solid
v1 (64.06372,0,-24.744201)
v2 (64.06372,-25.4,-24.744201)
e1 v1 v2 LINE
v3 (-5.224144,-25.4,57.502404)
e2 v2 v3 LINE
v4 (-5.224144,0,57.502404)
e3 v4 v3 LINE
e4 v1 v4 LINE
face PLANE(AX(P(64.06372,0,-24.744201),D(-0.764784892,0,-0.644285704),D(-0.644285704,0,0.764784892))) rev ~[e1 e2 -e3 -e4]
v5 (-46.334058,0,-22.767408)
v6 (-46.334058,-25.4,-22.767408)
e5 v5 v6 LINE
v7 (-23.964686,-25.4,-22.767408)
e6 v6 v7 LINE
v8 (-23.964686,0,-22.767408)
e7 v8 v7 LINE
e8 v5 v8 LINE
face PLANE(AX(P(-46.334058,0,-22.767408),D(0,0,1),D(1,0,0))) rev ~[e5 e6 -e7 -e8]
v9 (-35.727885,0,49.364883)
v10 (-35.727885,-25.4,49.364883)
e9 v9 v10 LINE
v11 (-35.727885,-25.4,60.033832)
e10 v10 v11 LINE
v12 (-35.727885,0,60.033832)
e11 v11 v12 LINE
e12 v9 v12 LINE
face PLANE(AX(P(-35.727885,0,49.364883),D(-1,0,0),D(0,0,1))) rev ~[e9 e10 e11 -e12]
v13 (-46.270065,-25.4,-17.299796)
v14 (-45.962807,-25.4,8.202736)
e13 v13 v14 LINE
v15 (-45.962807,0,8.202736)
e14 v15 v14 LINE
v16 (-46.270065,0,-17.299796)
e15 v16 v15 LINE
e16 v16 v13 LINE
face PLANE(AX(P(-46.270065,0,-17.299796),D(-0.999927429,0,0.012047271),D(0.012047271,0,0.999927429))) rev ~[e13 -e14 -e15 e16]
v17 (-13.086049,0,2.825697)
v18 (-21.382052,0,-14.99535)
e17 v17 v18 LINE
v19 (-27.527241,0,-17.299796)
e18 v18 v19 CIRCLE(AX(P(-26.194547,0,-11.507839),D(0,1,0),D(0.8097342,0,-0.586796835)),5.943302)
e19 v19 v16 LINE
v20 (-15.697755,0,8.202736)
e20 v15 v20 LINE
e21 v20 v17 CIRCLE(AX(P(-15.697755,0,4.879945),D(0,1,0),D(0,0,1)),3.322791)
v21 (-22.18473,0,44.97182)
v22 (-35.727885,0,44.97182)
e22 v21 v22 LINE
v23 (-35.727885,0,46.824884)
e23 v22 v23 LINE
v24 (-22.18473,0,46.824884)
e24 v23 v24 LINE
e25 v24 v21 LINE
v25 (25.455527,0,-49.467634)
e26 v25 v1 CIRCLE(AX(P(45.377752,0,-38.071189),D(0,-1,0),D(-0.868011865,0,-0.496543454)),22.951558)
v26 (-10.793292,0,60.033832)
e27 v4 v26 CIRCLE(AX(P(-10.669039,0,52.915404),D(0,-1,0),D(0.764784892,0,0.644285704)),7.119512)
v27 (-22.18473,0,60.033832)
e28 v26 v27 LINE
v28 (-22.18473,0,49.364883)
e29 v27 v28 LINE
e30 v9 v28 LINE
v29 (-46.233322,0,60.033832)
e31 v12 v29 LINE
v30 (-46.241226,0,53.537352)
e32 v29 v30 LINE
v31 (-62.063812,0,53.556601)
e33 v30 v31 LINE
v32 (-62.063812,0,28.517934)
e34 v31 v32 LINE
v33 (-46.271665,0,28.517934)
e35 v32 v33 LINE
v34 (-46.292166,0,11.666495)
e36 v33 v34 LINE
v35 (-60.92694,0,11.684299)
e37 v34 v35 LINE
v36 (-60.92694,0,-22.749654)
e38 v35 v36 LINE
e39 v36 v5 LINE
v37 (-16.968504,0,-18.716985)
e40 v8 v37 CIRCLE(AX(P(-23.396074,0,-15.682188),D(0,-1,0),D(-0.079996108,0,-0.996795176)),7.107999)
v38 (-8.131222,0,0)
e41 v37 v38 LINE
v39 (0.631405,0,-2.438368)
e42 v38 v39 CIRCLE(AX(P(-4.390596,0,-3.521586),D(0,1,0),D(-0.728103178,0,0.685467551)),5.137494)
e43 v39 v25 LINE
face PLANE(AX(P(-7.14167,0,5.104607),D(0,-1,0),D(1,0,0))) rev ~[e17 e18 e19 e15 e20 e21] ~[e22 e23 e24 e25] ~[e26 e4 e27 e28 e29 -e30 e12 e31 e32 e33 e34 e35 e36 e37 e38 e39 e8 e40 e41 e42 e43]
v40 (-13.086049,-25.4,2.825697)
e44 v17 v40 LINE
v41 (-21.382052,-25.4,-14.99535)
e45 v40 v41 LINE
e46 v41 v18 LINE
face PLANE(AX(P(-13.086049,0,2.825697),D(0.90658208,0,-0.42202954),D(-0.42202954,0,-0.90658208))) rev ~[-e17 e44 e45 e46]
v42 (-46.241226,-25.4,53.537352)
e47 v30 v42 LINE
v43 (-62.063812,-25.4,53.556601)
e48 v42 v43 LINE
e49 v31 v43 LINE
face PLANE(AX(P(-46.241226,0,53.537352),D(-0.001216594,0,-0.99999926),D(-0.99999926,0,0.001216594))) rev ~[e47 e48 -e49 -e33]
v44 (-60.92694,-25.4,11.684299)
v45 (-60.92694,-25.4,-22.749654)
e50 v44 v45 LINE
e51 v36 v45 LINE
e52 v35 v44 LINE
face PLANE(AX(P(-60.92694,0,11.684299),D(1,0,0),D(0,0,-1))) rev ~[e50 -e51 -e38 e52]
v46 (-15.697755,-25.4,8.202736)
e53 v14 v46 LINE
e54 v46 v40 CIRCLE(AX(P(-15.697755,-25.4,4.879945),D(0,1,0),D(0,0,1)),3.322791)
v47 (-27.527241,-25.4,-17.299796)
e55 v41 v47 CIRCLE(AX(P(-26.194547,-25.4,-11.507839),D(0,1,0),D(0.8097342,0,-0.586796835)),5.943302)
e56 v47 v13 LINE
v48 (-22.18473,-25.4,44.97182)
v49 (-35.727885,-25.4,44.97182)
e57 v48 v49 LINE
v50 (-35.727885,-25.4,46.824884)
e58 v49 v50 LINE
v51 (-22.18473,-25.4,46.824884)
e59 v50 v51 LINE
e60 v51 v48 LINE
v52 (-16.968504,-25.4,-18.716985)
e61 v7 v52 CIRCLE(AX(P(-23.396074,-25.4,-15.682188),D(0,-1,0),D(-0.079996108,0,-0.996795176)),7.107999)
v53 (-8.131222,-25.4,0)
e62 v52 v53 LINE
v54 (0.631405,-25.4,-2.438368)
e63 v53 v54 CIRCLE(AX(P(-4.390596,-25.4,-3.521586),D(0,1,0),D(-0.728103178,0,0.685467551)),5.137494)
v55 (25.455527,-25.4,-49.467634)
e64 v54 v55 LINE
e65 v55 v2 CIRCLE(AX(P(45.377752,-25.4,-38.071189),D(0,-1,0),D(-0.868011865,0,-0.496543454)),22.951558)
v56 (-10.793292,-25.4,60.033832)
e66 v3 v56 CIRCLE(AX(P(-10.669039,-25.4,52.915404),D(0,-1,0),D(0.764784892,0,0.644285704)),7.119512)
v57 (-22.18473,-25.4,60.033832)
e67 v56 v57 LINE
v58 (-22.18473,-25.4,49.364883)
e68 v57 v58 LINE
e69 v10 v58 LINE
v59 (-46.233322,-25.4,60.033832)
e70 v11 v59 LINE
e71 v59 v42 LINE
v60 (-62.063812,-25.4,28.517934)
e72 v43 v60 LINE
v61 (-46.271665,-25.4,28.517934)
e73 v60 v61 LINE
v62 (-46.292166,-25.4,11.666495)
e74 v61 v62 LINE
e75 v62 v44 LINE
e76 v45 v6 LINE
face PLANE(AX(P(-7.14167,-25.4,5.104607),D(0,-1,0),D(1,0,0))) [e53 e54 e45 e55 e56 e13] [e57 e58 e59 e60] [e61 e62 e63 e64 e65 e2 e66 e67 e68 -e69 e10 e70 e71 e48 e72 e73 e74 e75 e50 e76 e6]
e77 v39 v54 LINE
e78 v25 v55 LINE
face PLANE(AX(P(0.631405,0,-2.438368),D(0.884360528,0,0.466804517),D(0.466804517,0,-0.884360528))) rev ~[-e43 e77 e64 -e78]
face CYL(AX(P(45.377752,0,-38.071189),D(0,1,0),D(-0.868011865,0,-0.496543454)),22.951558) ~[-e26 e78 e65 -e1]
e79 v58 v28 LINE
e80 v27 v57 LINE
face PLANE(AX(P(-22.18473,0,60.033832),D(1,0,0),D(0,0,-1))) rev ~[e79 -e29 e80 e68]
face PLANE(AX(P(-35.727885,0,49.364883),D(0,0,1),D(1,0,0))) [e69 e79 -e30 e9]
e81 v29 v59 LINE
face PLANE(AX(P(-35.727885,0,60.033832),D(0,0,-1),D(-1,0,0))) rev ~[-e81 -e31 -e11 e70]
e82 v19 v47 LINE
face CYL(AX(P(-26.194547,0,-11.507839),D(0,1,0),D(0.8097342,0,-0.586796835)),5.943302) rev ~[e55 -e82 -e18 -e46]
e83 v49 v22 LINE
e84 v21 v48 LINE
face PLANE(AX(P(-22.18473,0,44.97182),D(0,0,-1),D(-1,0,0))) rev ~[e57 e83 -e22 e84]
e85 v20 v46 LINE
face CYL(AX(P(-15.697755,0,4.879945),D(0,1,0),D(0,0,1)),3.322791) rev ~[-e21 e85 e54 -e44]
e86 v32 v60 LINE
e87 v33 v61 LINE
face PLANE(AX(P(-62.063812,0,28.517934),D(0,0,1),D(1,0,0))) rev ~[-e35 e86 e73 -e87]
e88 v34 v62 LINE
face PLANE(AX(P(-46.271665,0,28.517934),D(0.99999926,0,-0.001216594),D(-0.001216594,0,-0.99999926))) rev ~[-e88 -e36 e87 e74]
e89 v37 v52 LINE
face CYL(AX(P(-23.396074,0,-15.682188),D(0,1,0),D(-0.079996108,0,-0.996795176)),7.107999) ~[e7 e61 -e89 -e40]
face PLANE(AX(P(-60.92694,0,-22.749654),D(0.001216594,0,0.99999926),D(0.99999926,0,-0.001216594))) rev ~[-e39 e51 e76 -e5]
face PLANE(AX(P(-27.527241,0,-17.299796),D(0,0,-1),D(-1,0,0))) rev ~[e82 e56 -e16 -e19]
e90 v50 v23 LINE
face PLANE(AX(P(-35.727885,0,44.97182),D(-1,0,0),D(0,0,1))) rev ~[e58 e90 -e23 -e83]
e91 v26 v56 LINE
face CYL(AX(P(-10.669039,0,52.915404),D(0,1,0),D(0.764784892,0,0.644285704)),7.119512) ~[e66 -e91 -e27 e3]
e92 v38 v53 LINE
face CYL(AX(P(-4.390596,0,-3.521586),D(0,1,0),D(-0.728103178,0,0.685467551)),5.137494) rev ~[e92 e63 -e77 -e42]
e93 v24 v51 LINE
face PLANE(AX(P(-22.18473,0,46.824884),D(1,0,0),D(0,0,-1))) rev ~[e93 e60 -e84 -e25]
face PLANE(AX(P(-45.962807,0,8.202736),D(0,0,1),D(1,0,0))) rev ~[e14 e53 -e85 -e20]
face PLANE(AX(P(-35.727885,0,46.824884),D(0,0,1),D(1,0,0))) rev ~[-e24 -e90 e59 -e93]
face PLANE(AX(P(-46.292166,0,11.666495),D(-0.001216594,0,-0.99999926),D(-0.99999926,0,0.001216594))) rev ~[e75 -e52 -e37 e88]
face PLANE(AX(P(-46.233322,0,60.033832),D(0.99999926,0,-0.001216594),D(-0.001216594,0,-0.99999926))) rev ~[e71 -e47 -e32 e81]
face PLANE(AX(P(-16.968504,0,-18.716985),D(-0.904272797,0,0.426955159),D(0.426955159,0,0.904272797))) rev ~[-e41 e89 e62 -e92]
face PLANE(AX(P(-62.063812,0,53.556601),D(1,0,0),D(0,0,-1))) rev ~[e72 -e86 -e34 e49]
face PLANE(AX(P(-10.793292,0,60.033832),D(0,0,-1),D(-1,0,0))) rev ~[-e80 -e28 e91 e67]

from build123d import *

# Parameters (mm, degrees)
F0_W     = 13.5431550443
F0_H     = 2.539999783
F1_DEPTH = 14.478
F2_DEPTH = 25.4
F3_DEPTH = 15.24


with BuildPart() as f1:
    # F0 (on Front) → F1 (new body)
    with BuildSketch(Plane.XZ):
        with BuildLine():
            Line((-35.7278846204, 60.0338317454), (-46.2333224714, 60.0338317454))
            Line((-46.2333224714, 60.0338317454), (-46.2412260565, 53.5373517857))
            Line((-46.2412260565, 53.5373517857), (-62.0638123778, 53.5566014653))
            Line((-62.0638123778, 53.5566014653), (-62.0638123778, 28.5179335624))
            Line((-62.0638123778, 28.5179335624), (-46.2716645559, 28.5179335624))
            Line((-46.2716645559, 28.5179335624), (-46.2921659325, 11.6664945766))
            Line((-46.2921659325, 11.6664945766), (-60.9269401373, 11.6842991698))
            Line((-60.9269401373, 11.6842991698), (-60.9269401373, -11.473370716))
            Line((-60.9269401373, -11.473370716), (-60.9269401373, -12.8805553541))
            Line((-60.9269401373, -12.8805553541), (-60.9269401373, -22.7496541921))
            Line((-60.9269401373, -22.7496541921), (-46.3340580463, -22.7674078196))
            Line((-46.3340580463, -22.7674078196), (-23.9646863192, -22.7674078196))
            ThreePointArc((-23.9646863192, -22.7674078196), (-19.834707978, -21.8336374971), (-16.9685035944, -18.7169853598))
            Line((-16.9685035944, -18.7169853598), (-8.1312218681, 0))
            ThreePointArc((-8.1312218681, 0), (-3.0133196127, 1.4278545799), (0.6314046332, -2.4383680429))
            Line((0.6314046332, -2.4383680429), (25.4555270076, -49.4676344097))
            ThreePointArc((25.4555270076, -49.4676344097), (57.7549127304, -57.3994035782), (64.0637204051, -24.7442014515))
            Line((64.0637204051, -24.7442014515), (-5.2241440862, 57.5024038553))
            ThreePointArc((-5.2241440862, 57.5024038553), (-7.7229671621, 59.3967704345), (-10.7932919636, 60.0338317454))
            Line((-10.7932919636, 60.0338317454), (-22.1847295761, 60.0338317454))
            Line((-22.1847295761, 60.0338317454), (-22.1847295761, 49.3648834527))
            Line((-22.1847295761, 49.3648834527), (-22.1847295761, 46.8248836696))
            Line((-22.1847295761, 46.8248836696), (-22.1847295761, 44.971819967))
            Line((-22.1847295761, 44.971819967), (-35.7278846204, 44.971819967))
            Line((-35.7278846204, 44.971819967), (-35.7278846204, 46.8248836696))
            Line((-35.7278846204, 46.8248836696), (-35.7278846204, 49.3648834527))
            Line((-35.7278846204, 49.3648834527), (-35.7278846204, 60.0338317454))
        make_face()
        with BuildLine():
            Line((-27.5272410363, -17.2997955233), (-46.2700650096, -17.2997955233))
            Line((-46.2700650096, -17.2997955233), (-45.9628067911, 8.202736266))
            Line((-45.9628067911, 8.202736266), (-15.6977549195, 8.202736266))
            ThreePointArc((-15.6977549195, 8.202736266), (-12.7088773009, 6.3316862366), (-13.0860488862, 2.8256971855))
            Line((-13.0860488862, 2.8256971855), (-21.3820524514, -14.9953495711))
            ThreePointArc((-21.3820524514, -14.9953495711), (-24.1077143058, -17.0727256217), (-27.5272410363, -17.2997955233))
        make_face(mode=Mode.SUBTRACT)
        with Locations((-28.9563070983, 48.0948835611)):
            Rectangle(F0_W, F0_H)
    extrude(amount=F1_DEPTH)

    # F0 (on Front) → F2 (join)
    with BuildSketch(Plane.XZ):
        with BuildLine():
            Line((-35.7278846204, 60.0338317454), (-46.2333224714, 60.0338317454))
            Line((-46.2333224714, 60.0338317454), (-46.2412260565, 53.5373517857))
            Line((-46.2412260565, 53.5373517857), (-62.0638123778, 53.5566014653))
            Line((-62.0638123778, 53.5566014653), (-62.0638123778, 28.5179335624))
            Line((-62.0638123778, 28.5179335624), (-46.2716645559, 28.5179335624))
            Line((-46.2716645559, 28.5179335624), (-46.2921659325, 11.6664945766))
            Line((-46.2921659325, 11.6664945766), (-60.9269401373, 11.6842991698))
            Line((-60.9269401373, 11.6842991698), (-60.9269401373, -11.473370716))
            Line((-60.9269401373, -11.473370716), (-60.9269401373, -12.8805553541))
            Line((-60.9269401373, -12.8805553541), (-60.9269401373, -22.7496541921))
            Line((-60.9269401373, -22.7496541921), (-46.3340580463, -22.7674078196))
            Line((-46.3340580463, -22.7674078196), (-23.9646863192, -22.7674078196))
            ThreePointArc((-23.9646863192, -22.7674078196), (-19.834707978, -21.8336374971), (-16.9685035944, -18.7169853598))
            Line((-16.9685035944, -18.7169853598), (-8.1312218681, 0))
            ThreePointArc((-8.1312218681, 0), (-3.0133196127, 1.4278545799), (0.6314046332, -2.4383680429))
            Line((0.6314046332, -2.4383680429), (25.4555270076, -49.4676344097))
            ThreePointArc((25.4555270076, -49.4676344097), (57.7549127304, -57.3994035782), (64.0637204051, -24.7442014515))
            Line((64.0637204051, -24.7442014515), (-5.2241440862, 57.5024038553))
            ThreePointArc((-5.2241440862, 57.5024038553), (-7.7229671621, 59.3967704345), (-10.7932919636, 60.0338317454))
            Line((-10.7932919636, 60.0338317454), (-22.1847295761, 60.0338317454))
            Line((-22.1847295761, 60.0338317454), (-22.1847295761, 49.3648834527))
            Line((-22.1847295761, 49.3648834527), (-22.1847295761, 46.8248836696))
            Line((-22.1847295761, 46.8248836696), (-22.1847295761, 44.971819967))
            Line((-22.1847295761, 44.971819967), (-35.7278846204, 44.971819967))
            Line((-35.7278846204, 44.971819967), (-35.7278846204, 46.8248836696))
            Line((-35.7278846204, 46.8248836696), (-35.7278846204, 49.3648834527))
            Line((-35.7278846204, 49.3648834527), (-35.7278846204, 60.0338317454))
        make_face()
        with BuildLine():
            Line((-27.5272410363, -17.2997955233), (-46.2700650096, -17.2997955233))
            Line((-46.2700650096, -17.2997955233), (-45.9628067911, 8.202736266))
            Line((-45.9628067911, 8.202736266), (-15.6977549195, 8.202736266))
            ThreePointArc((-15.6977549195, 8.202736266), (-12.7088773009, 6.3316862366), (-13.0860488862, 2.8256971855))
            Line((-13.0860488862, 2.8256971855), (-21.3820524514, -14.9953495711))
            ThreePointArc((-21.3820524514, -14.9953495711), (-24.1077143058, -17.0727256217), (-27.5272410363, -17.2997955233))
        make_face(mode=Mode.SUBTRACT)
        with Locations((-28.9563070983, 48.0948835611)):
            Rectangle(F0_W, F0_H)
    extrude(amount=F2_DEPTH)

    # F0 (on Front) → F3 (join)
    with BuildSketch(Plane.XZ):
        with Locations((-28.9563070983, 48.0948835611)):
            Rectangle(F0_W, F0_H)
    extrude(amount=F3_DEPTH)


solid = f1.part
